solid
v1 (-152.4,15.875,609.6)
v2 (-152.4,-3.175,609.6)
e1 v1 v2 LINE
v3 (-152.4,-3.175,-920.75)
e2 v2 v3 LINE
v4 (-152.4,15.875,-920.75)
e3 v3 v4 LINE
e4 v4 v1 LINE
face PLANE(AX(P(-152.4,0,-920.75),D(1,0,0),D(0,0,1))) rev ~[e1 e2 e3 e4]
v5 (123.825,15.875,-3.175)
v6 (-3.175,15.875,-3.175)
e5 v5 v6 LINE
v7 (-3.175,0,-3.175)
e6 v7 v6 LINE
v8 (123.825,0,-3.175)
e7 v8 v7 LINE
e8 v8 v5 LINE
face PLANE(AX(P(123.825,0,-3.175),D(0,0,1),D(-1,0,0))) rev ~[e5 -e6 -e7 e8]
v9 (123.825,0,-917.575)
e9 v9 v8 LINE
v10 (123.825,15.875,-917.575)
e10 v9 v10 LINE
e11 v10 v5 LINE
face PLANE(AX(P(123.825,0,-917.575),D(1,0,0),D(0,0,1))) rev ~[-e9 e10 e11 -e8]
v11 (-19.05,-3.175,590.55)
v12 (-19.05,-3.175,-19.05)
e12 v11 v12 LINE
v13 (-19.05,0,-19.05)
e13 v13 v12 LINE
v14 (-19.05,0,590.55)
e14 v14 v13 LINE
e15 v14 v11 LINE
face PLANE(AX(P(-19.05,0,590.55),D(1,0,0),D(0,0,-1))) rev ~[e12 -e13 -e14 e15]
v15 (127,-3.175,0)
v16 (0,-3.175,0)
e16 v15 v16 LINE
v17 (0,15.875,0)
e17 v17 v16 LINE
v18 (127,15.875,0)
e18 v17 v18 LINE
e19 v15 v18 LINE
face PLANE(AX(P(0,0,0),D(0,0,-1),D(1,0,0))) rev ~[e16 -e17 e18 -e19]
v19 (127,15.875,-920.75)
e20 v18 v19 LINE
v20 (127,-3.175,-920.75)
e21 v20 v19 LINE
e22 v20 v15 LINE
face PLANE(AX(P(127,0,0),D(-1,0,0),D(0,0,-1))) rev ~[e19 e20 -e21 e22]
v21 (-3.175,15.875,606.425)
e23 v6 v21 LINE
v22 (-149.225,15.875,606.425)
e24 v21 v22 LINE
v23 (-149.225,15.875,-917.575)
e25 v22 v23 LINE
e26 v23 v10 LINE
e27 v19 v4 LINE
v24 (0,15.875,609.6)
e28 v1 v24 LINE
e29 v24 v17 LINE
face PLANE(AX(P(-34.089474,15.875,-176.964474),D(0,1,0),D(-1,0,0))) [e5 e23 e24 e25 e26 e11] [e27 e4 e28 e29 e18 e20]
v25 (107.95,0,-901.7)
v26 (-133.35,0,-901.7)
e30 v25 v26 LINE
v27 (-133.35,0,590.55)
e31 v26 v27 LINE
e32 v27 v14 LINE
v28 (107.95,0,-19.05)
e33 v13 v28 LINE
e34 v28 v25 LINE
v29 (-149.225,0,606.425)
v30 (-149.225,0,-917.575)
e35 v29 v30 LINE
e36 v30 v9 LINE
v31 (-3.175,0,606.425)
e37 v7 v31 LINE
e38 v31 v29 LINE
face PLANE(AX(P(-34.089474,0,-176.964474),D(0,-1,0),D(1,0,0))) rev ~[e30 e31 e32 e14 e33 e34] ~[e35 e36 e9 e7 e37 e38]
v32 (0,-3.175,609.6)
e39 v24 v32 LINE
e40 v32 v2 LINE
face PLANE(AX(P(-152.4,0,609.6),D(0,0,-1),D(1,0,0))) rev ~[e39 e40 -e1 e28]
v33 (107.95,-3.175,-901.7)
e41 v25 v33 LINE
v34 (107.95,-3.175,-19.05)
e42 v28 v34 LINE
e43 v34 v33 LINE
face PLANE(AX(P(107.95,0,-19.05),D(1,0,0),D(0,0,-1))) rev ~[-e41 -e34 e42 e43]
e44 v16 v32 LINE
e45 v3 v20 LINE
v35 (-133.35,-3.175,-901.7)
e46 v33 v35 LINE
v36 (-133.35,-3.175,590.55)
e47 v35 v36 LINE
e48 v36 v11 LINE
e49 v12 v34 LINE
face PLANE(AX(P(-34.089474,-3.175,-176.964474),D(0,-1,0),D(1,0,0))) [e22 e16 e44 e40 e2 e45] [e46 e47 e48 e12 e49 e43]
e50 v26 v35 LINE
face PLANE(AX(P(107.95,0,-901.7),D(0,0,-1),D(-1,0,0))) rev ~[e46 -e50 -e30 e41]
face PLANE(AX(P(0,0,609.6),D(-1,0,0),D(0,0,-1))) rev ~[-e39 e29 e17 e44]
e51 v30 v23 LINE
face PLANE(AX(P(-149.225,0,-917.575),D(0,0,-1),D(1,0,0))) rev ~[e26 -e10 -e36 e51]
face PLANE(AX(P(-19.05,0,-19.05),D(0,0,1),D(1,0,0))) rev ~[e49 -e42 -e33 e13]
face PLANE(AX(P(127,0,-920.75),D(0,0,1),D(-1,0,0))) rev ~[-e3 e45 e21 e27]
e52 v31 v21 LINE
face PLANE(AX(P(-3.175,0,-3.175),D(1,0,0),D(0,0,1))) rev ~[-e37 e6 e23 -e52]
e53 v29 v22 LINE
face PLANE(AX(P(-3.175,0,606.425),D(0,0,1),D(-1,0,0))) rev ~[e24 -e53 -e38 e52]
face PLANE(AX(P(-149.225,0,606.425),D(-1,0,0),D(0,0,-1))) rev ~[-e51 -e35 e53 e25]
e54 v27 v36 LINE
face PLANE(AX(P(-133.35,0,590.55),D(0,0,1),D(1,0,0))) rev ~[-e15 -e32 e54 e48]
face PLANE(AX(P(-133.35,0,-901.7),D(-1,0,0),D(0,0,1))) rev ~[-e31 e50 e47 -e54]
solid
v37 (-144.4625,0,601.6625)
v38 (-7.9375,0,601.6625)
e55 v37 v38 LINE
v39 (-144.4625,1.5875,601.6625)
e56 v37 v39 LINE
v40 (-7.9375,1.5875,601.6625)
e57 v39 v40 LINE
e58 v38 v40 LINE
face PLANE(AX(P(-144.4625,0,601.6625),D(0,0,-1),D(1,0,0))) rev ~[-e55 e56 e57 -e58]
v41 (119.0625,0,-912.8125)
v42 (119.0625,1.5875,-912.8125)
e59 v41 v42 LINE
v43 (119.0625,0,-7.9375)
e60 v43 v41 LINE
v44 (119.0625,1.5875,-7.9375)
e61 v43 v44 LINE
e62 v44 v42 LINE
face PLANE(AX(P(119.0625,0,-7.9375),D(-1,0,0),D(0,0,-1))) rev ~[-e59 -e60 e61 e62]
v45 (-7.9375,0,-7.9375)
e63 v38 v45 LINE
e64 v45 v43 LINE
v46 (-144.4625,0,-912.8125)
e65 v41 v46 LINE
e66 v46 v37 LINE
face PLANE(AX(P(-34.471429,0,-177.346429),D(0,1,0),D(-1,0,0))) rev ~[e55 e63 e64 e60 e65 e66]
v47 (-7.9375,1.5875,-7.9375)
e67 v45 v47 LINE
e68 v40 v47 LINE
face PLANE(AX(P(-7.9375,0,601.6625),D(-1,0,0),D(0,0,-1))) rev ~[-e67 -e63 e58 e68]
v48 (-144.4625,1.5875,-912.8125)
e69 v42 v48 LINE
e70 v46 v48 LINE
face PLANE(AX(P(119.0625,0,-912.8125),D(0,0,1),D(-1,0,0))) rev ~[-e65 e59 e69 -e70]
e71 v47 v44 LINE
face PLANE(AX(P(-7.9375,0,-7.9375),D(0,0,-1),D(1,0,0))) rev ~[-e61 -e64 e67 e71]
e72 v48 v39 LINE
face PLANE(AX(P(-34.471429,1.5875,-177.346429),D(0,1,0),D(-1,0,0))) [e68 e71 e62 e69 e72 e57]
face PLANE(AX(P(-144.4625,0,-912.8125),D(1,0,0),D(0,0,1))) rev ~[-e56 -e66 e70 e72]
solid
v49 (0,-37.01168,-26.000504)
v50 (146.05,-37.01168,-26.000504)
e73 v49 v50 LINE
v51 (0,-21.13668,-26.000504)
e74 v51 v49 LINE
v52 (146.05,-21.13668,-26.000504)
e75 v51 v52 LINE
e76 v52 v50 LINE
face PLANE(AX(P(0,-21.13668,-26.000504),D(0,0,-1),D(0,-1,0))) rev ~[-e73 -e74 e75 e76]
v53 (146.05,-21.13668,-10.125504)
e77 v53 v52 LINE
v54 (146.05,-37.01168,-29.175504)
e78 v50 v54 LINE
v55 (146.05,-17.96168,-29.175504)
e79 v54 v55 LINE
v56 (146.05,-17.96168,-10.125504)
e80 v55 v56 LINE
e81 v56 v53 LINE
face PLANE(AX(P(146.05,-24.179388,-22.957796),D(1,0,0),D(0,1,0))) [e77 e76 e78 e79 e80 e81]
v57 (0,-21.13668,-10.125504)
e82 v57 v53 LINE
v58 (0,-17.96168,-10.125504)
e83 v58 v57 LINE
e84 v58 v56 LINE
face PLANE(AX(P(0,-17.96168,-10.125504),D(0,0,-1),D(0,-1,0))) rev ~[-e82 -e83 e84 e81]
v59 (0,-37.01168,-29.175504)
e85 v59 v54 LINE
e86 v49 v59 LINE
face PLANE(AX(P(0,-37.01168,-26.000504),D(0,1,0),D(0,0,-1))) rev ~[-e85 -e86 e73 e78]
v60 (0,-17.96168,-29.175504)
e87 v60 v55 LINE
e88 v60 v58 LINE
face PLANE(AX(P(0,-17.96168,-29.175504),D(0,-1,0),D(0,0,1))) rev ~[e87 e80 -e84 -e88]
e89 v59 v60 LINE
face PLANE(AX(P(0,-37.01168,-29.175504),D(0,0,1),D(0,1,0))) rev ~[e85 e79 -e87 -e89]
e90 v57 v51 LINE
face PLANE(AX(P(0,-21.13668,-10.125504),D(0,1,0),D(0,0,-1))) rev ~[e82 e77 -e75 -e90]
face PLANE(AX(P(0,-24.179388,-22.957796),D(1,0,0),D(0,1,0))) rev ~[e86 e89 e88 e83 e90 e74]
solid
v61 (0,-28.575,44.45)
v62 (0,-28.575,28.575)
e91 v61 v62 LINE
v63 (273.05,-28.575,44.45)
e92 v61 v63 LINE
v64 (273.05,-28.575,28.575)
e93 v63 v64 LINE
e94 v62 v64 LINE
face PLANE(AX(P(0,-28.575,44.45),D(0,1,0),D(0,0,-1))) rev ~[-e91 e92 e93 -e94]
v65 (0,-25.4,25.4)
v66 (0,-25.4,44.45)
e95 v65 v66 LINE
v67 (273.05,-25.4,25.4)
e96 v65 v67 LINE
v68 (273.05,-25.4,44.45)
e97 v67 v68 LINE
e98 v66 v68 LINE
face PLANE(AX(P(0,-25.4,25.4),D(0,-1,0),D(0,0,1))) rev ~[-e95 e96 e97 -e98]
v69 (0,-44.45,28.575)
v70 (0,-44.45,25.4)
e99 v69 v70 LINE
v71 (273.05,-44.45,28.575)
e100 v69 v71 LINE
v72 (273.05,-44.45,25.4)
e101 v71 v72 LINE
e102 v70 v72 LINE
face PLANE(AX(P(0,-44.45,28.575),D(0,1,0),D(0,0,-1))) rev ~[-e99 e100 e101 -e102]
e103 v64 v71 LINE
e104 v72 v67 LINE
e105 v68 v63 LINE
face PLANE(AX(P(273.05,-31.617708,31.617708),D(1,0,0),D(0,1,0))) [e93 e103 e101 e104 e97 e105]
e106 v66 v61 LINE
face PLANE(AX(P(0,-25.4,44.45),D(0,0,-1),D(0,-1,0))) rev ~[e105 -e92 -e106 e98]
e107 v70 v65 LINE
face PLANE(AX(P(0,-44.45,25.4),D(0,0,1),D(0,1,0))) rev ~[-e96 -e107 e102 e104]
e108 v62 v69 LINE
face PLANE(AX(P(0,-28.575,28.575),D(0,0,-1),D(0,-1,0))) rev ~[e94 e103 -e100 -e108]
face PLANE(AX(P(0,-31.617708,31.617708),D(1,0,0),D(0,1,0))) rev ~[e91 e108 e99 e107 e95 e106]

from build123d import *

# Parameters (mm, degrees)
F1_DEPTH = 3.175
F3_DEPTH = 15.875
F5_DEPTH = 273.05
F7_DEPTH = 146.05
F9_DEPTH = 1.5875


with BuildPart() as f1:
    # F0 (on Front) → F1 (new body)
    with BuildSketch(Plane.XZ):
        Polygon((0, 0), (0, 609.6), (-152.4, 609.6), (-152.4, -920.75), (127, -920.75), (127, 0), align=None)
        Polygon((-133.35, 590.55), (-19.05, 590.55), (-19.05, -19.05), (107.95, -19.05), (107.95, -901.7), (-133.35, -901.7), align=None, mode=Mode.SUBTRACT)
    extrude(amount=F1_DEPTH)

    # F2 (on face) → F3 (join)
    with BuildSketch(Plane(origin=(0, 0, 0), x_dir=(-1, 0, 0), z_dir=(0, 1, 0))):
        Polygon((0, 0), (-127, 0), (-127, -920.75), (152.4, -920.75), (152.4, 609.6), (0, 609.6), align=None)
        Polygon((-123.825, -917.575), (-123.825, -3.175), (3.175, -3.175), (3.175, 606.425), (149.225, 606.425), (149.225, -917.575), align=None, mode=Mode.SUBTRACT)
    extrude(amount=F3_DEPTH)


with BuildPart() as f5:
    # F4 (on Right) → F5 (new body)
    with BuildSketch(Plane.YZ):
        Polygon((-25.4, 25.4), (-25.4, 44.45), (-28.575, 44.45), (-28.575, 28.575), (-44.45, 28.575), (-44.45, 25.4), align=None)
    extrude(amount=F5_DEPTH)


with BuildPart() as f7:
    # F6 (on Right) → F7 (new body)
    with BuildSketch(Plane.YZ):
        Polygon((-17.96168, -29.175504), (-17.96168, -10.125504), (-21.13668, -10.125504), (-21.13668, -26.000504), (-37.01168, -26.000504), (-37.01168, -29.175504), align=None)
    extrude(amount=F7_DEPTH)


with BuildPart() as f9:
    # F8 (on face) → F9 (new body)
    with BuildSketch(Plane(origin=(0, 0, 0), x_dir=(-1, 0, 0), z_dir=(0, 1, 0))):
        Polygon((7.9375, 601.6625), (7.9375, -7.9375), (-119.0625, -7.9375), (-119.0625, -912.8125), (144.4625, -912.8125), (144.4625, 601.6625), align=None)
        Polygon((19.05, -19.05), (19.05, 590.55), (133.35, 590.55), (133.35, -901.7), (-107.95, -901.7), (-107.95, -19.05), align=None, mode=Mode.SUBTRACT)
        Polygon((133.35, 590.55), (19.05, 590.55), (19.05, -19.05), (-107.95, -19.05), (-107.95, -901.7), (133.35, -901.7), align=None)
    extrude(amount=F9_DEPTH)


solid = Compound([f1.part, f5.part, f7.part, f9.part])
